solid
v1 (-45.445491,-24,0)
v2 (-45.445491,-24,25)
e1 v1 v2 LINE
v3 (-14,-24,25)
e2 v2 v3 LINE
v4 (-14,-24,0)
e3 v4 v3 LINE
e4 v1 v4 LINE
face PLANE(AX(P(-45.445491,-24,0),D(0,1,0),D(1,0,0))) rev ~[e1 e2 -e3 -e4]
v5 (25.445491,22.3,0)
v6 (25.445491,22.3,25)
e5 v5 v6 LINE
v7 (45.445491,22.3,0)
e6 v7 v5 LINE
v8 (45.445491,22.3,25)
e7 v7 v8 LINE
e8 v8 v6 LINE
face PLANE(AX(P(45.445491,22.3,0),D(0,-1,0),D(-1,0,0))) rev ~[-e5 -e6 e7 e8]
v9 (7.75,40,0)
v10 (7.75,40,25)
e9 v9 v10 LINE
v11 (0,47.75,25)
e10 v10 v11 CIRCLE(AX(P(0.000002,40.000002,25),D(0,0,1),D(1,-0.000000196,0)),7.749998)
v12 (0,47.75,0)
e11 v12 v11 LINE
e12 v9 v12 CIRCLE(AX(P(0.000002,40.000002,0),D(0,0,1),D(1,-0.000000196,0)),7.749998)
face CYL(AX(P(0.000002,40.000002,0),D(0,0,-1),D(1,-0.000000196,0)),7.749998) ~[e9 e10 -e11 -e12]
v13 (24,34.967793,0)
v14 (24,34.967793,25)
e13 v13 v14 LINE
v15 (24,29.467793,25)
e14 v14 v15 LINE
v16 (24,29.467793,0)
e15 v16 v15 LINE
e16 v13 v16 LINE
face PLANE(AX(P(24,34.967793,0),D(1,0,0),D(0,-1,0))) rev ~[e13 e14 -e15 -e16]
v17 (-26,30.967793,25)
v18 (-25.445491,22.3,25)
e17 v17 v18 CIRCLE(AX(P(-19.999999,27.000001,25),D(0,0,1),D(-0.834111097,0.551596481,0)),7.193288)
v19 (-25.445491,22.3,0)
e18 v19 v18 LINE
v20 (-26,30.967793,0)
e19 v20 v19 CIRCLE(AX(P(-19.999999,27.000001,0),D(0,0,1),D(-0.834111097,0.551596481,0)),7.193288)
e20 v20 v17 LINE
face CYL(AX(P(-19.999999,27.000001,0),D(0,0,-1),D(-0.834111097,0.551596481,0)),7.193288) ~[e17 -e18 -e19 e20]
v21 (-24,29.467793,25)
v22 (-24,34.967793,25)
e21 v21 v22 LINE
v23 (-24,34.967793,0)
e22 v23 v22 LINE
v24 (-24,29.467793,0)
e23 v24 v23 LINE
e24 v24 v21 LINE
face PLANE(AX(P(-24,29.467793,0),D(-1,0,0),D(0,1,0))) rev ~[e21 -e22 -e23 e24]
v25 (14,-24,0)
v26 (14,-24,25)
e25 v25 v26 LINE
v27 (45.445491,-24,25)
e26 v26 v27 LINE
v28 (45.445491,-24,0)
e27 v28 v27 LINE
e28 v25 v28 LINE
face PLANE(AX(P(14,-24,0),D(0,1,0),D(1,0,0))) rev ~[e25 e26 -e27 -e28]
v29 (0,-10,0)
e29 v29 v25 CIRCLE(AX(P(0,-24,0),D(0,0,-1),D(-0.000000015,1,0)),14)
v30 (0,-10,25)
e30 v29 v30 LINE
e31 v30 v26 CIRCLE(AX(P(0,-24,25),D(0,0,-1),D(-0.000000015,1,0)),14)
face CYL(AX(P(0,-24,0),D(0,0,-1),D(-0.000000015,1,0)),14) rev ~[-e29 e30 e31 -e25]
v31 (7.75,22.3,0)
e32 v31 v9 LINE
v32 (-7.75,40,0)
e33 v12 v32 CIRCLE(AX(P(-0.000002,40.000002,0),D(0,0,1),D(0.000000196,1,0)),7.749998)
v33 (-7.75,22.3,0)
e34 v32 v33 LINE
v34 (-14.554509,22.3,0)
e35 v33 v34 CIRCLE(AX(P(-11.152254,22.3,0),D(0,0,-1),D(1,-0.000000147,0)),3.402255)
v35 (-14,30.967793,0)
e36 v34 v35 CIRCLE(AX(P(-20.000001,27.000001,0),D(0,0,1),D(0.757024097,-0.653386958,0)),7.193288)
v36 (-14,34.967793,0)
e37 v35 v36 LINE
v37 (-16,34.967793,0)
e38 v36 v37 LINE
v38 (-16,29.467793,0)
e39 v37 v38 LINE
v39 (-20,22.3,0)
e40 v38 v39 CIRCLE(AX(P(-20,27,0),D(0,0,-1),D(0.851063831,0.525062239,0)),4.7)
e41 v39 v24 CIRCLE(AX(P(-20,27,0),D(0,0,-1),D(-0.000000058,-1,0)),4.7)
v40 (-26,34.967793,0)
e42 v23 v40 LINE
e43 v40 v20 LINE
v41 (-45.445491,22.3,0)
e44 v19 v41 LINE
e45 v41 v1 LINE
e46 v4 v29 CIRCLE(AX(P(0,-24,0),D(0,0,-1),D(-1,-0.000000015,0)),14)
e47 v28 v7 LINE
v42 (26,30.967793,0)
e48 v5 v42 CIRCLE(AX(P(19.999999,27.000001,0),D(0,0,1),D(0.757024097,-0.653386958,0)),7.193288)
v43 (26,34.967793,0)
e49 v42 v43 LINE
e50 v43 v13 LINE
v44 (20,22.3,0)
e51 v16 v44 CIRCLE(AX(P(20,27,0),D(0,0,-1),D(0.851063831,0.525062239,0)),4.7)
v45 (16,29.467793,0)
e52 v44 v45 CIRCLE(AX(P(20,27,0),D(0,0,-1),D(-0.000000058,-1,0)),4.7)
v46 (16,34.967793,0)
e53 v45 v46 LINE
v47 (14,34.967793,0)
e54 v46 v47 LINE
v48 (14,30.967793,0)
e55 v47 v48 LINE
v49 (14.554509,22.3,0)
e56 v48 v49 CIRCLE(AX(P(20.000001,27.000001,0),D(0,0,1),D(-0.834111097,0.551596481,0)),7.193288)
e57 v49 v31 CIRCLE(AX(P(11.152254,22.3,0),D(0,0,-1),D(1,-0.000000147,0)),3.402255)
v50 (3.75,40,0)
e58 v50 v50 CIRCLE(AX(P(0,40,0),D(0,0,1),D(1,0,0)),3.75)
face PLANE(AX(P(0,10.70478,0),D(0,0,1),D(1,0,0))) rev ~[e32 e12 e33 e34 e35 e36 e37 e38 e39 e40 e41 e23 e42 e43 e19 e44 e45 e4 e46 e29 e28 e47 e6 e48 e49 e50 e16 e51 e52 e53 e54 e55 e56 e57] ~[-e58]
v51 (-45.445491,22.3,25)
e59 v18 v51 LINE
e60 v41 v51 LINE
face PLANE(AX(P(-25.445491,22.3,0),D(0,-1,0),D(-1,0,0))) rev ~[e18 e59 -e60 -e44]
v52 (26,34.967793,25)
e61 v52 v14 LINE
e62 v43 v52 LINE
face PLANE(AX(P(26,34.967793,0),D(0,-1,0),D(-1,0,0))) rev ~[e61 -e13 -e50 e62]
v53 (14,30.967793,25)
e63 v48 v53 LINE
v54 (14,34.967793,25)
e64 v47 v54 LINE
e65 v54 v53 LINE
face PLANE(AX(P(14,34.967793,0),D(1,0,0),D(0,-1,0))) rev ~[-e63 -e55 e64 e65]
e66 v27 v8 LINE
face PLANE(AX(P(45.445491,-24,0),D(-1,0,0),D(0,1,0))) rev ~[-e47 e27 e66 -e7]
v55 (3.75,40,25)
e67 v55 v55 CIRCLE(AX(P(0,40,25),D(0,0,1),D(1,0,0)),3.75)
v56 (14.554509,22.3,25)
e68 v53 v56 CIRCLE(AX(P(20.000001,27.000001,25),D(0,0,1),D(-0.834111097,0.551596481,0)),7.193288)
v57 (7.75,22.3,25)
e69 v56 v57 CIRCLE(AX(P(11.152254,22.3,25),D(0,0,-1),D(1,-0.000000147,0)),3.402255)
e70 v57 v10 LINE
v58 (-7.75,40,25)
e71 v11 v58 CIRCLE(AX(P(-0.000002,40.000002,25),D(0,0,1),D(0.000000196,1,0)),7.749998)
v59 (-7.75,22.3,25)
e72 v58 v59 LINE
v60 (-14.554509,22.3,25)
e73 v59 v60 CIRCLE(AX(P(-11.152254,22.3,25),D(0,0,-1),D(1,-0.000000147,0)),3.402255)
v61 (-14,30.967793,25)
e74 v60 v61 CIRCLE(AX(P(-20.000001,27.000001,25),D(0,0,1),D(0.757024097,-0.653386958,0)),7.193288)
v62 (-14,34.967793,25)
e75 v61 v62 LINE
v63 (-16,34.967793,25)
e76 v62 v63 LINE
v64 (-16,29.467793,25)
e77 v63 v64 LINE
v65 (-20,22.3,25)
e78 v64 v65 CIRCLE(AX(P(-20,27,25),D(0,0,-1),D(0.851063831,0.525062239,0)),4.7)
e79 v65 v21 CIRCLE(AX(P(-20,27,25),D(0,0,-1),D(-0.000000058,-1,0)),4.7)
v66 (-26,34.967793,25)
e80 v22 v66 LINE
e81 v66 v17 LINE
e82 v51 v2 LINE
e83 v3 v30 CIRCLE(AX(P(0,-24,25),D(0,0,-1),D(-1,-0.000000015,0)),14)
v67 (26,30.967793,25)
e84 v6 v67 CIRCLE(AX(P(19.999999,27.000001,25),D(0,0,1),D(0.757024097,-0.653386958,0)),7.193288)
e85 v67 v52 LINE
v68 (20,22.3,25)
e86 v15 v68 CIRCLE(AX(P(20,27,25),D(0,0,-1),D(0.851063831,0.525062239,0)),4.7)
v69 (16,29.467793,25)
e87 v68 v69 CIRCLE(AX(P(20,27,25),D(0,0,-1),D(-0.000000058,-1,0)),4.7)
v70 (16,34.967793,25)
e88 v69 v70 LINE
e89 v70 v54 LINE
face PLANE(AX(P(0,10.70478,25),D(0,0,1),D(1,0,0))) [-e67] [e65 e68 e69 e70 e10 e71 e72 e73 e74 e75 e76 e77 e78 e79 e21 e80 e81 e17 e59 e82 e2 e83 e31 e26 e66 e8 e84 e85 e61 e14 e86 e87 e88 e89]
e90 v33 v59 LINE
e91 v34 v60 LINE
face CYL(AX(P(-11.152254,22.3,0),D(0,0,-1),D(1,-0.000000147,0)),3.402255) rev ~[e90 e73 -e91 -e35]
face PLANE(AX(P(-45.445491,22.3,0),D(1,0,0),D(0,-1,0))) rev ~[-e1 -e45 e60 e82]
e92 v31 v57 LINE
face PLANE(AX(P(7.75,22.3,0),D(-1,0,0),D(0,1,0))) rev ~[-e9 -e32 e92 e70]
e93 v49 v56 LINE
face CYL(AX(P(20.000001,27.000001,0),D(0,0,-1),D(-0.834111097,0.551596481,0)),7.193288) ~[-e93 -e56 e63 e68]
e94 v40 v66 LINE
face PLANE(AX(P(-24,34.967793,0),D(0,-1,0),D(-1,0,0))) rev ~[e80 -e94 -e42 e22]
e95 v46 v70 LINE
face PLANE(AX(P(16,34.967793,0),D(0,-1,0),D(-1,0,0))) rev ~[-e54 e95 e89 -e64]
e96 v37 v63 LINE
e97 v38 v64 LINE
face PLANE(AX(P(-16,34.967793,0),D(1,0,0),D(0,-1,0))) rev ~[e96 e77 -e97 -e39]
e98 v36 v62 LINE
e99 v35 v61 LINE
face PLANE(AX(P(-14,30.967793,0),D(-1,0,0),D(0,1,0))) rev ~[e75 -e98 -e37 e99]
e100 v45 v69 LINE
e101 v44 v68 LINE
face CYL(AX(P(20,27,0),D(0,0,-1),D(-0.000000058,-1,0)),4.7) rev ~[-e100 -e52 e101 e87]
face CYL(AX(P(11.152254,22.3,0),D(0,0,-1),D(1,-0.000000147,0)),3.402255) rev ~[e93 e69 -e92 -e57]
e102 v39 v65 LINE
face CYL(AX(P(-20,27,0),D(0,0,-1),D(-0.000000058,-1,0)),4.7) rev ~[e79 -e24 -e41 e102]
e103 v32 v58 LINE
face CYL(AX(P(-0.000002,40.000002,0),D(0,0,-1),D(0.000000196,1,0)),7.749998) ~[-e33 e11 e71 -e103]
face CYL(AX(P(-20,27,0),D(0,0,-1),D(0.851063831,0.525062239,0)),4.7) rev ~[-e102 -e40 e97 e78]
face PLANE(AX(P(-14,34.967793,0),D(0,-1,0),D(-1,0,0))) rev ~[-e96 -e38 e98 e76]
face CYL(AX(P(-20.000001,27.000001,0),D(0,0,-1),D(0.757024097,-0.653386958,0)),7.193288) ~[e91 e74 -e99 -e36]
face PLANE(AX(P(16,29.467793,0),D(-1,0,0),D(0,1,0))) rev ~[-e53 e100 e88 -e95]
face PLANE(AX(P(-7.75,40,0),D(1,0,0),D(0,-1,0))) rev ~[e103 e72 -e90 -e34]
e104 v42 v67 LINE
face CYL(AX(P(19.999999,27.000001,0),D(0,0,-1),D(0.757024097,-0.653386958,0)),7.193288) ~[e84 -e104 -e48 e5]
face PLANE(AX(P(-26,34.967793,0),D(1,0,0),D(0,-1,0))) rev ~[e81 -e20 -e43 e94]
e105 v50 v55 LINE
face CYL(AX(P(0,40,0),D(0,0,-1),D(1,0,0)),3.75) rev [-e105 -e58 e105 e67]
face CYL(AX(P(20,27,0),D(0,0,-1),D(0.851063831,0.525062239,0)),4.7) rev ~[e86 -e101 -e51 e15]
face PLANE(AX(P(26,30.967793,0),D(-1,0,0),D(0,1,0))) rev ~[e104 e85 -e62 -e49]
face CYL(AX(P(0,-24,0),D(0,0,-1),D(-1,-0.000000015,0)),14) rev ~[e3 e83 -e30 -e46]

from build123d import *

# Parameters (mm, degrees)
F0_R     = 3.75
F1_DEPTH = 25


with BuildPart() as f1:
    # F0 (on Top) → F1 (new body)
    with BuildSketch(Plane.XY):
        with BuildLine():
            ThreePointArc((-7.75, 22.3), (-11.152254, 18.897746), (-14.554509, 22.3))
            ThreePointArc((-14.554509, 22.3), (-12.821388, 26.540759), (-14, 30.967793))
            Line((-14, 30.967793), (-14, 34.967793))
            Line((-14, 34.967793), (-16, 34.967793))
            Line((-16, 34.967793), (-16, 29.467793))
            ThreePointArc((-16, 29.467793), (-15.895818, 24.709653), (-20, 22.3))
            ThreePointArc((-20, 22.3), (-24.104182, 24.709653), (-24, 29.467793))
            Line((-24, 29.467793), (-24, 34.967793))
            Line((-24, 34.967793), (-26, 34.967793))
            Line((-26, 34.967793), (-26, 30.967793))
            ThreePointArc((-26, 30.967793), (-27.178612, 26.540759), (-25.445491, 22.3))
            Line((-25.445491, 22.3), (-45.445491, 22.3))
            Line((-45.445491, 22.3), (-45.445491, -24))
            Line((-45.445491, -24), (-14, -24))
            ThreePointArc((-14, -24), (-9.899495, -14.100505), (0, -10))
            ThreePointArc((0, -10), (9.899495, -14.100505), (14, -24))
            Line((14, -24), (45.445491, -24))
            Line((45.445491, -24), (45.445491, 22.3))
            Line((45.445491, 22.3), (25.445491, 22.3))
            ThreePointArc((25.445491, 22.3), (27.178612, 26.540759), (26, 30.967793))
            Line((26, 30.967793), (26, 34.967793))
            Line((26, 34.967793), (24, 34.967793))
            Line((24, 34.967793), (24, 29.467793))
            ThreePointArc((24, 29.467793), (24.104182, 24.709653), (20, 22.3))
            ThreePointArc((20, 22.3), (15.895818, 24.709653), (16, 29.467793))
            Line((16, 29.467793), (16, 34.967793))
            Line((16, 34.967793), (14, 34.967793))
            Line((14, 34.967793), (14, 30.967793))
            ThreePointArc((14, 30.967793), (12.821388, 26.540759), (14.554509, 22.3))
            ThreePointArc((14.554509, 22.3), (11.152254, 18.897746), (7.75, 22.3))
            Line((7.75, 22.3), (7.75, 40))
            ThreePointArc((7.75, 40), (5.480078, 45.480078), (0, 47.75))
            ThreePointArc((0, 47.75), (-5.480078, 45.480078), (-7.75, 40))
            Line((-7.75, 40), (-7.75, 22.3))
        make_face()
        with Locations((0, 40)):
            Circle(F0_R, mode=Mode.SUBTRACT)
    extrude(amount=F1_DEPTH)


solid = f1.part
